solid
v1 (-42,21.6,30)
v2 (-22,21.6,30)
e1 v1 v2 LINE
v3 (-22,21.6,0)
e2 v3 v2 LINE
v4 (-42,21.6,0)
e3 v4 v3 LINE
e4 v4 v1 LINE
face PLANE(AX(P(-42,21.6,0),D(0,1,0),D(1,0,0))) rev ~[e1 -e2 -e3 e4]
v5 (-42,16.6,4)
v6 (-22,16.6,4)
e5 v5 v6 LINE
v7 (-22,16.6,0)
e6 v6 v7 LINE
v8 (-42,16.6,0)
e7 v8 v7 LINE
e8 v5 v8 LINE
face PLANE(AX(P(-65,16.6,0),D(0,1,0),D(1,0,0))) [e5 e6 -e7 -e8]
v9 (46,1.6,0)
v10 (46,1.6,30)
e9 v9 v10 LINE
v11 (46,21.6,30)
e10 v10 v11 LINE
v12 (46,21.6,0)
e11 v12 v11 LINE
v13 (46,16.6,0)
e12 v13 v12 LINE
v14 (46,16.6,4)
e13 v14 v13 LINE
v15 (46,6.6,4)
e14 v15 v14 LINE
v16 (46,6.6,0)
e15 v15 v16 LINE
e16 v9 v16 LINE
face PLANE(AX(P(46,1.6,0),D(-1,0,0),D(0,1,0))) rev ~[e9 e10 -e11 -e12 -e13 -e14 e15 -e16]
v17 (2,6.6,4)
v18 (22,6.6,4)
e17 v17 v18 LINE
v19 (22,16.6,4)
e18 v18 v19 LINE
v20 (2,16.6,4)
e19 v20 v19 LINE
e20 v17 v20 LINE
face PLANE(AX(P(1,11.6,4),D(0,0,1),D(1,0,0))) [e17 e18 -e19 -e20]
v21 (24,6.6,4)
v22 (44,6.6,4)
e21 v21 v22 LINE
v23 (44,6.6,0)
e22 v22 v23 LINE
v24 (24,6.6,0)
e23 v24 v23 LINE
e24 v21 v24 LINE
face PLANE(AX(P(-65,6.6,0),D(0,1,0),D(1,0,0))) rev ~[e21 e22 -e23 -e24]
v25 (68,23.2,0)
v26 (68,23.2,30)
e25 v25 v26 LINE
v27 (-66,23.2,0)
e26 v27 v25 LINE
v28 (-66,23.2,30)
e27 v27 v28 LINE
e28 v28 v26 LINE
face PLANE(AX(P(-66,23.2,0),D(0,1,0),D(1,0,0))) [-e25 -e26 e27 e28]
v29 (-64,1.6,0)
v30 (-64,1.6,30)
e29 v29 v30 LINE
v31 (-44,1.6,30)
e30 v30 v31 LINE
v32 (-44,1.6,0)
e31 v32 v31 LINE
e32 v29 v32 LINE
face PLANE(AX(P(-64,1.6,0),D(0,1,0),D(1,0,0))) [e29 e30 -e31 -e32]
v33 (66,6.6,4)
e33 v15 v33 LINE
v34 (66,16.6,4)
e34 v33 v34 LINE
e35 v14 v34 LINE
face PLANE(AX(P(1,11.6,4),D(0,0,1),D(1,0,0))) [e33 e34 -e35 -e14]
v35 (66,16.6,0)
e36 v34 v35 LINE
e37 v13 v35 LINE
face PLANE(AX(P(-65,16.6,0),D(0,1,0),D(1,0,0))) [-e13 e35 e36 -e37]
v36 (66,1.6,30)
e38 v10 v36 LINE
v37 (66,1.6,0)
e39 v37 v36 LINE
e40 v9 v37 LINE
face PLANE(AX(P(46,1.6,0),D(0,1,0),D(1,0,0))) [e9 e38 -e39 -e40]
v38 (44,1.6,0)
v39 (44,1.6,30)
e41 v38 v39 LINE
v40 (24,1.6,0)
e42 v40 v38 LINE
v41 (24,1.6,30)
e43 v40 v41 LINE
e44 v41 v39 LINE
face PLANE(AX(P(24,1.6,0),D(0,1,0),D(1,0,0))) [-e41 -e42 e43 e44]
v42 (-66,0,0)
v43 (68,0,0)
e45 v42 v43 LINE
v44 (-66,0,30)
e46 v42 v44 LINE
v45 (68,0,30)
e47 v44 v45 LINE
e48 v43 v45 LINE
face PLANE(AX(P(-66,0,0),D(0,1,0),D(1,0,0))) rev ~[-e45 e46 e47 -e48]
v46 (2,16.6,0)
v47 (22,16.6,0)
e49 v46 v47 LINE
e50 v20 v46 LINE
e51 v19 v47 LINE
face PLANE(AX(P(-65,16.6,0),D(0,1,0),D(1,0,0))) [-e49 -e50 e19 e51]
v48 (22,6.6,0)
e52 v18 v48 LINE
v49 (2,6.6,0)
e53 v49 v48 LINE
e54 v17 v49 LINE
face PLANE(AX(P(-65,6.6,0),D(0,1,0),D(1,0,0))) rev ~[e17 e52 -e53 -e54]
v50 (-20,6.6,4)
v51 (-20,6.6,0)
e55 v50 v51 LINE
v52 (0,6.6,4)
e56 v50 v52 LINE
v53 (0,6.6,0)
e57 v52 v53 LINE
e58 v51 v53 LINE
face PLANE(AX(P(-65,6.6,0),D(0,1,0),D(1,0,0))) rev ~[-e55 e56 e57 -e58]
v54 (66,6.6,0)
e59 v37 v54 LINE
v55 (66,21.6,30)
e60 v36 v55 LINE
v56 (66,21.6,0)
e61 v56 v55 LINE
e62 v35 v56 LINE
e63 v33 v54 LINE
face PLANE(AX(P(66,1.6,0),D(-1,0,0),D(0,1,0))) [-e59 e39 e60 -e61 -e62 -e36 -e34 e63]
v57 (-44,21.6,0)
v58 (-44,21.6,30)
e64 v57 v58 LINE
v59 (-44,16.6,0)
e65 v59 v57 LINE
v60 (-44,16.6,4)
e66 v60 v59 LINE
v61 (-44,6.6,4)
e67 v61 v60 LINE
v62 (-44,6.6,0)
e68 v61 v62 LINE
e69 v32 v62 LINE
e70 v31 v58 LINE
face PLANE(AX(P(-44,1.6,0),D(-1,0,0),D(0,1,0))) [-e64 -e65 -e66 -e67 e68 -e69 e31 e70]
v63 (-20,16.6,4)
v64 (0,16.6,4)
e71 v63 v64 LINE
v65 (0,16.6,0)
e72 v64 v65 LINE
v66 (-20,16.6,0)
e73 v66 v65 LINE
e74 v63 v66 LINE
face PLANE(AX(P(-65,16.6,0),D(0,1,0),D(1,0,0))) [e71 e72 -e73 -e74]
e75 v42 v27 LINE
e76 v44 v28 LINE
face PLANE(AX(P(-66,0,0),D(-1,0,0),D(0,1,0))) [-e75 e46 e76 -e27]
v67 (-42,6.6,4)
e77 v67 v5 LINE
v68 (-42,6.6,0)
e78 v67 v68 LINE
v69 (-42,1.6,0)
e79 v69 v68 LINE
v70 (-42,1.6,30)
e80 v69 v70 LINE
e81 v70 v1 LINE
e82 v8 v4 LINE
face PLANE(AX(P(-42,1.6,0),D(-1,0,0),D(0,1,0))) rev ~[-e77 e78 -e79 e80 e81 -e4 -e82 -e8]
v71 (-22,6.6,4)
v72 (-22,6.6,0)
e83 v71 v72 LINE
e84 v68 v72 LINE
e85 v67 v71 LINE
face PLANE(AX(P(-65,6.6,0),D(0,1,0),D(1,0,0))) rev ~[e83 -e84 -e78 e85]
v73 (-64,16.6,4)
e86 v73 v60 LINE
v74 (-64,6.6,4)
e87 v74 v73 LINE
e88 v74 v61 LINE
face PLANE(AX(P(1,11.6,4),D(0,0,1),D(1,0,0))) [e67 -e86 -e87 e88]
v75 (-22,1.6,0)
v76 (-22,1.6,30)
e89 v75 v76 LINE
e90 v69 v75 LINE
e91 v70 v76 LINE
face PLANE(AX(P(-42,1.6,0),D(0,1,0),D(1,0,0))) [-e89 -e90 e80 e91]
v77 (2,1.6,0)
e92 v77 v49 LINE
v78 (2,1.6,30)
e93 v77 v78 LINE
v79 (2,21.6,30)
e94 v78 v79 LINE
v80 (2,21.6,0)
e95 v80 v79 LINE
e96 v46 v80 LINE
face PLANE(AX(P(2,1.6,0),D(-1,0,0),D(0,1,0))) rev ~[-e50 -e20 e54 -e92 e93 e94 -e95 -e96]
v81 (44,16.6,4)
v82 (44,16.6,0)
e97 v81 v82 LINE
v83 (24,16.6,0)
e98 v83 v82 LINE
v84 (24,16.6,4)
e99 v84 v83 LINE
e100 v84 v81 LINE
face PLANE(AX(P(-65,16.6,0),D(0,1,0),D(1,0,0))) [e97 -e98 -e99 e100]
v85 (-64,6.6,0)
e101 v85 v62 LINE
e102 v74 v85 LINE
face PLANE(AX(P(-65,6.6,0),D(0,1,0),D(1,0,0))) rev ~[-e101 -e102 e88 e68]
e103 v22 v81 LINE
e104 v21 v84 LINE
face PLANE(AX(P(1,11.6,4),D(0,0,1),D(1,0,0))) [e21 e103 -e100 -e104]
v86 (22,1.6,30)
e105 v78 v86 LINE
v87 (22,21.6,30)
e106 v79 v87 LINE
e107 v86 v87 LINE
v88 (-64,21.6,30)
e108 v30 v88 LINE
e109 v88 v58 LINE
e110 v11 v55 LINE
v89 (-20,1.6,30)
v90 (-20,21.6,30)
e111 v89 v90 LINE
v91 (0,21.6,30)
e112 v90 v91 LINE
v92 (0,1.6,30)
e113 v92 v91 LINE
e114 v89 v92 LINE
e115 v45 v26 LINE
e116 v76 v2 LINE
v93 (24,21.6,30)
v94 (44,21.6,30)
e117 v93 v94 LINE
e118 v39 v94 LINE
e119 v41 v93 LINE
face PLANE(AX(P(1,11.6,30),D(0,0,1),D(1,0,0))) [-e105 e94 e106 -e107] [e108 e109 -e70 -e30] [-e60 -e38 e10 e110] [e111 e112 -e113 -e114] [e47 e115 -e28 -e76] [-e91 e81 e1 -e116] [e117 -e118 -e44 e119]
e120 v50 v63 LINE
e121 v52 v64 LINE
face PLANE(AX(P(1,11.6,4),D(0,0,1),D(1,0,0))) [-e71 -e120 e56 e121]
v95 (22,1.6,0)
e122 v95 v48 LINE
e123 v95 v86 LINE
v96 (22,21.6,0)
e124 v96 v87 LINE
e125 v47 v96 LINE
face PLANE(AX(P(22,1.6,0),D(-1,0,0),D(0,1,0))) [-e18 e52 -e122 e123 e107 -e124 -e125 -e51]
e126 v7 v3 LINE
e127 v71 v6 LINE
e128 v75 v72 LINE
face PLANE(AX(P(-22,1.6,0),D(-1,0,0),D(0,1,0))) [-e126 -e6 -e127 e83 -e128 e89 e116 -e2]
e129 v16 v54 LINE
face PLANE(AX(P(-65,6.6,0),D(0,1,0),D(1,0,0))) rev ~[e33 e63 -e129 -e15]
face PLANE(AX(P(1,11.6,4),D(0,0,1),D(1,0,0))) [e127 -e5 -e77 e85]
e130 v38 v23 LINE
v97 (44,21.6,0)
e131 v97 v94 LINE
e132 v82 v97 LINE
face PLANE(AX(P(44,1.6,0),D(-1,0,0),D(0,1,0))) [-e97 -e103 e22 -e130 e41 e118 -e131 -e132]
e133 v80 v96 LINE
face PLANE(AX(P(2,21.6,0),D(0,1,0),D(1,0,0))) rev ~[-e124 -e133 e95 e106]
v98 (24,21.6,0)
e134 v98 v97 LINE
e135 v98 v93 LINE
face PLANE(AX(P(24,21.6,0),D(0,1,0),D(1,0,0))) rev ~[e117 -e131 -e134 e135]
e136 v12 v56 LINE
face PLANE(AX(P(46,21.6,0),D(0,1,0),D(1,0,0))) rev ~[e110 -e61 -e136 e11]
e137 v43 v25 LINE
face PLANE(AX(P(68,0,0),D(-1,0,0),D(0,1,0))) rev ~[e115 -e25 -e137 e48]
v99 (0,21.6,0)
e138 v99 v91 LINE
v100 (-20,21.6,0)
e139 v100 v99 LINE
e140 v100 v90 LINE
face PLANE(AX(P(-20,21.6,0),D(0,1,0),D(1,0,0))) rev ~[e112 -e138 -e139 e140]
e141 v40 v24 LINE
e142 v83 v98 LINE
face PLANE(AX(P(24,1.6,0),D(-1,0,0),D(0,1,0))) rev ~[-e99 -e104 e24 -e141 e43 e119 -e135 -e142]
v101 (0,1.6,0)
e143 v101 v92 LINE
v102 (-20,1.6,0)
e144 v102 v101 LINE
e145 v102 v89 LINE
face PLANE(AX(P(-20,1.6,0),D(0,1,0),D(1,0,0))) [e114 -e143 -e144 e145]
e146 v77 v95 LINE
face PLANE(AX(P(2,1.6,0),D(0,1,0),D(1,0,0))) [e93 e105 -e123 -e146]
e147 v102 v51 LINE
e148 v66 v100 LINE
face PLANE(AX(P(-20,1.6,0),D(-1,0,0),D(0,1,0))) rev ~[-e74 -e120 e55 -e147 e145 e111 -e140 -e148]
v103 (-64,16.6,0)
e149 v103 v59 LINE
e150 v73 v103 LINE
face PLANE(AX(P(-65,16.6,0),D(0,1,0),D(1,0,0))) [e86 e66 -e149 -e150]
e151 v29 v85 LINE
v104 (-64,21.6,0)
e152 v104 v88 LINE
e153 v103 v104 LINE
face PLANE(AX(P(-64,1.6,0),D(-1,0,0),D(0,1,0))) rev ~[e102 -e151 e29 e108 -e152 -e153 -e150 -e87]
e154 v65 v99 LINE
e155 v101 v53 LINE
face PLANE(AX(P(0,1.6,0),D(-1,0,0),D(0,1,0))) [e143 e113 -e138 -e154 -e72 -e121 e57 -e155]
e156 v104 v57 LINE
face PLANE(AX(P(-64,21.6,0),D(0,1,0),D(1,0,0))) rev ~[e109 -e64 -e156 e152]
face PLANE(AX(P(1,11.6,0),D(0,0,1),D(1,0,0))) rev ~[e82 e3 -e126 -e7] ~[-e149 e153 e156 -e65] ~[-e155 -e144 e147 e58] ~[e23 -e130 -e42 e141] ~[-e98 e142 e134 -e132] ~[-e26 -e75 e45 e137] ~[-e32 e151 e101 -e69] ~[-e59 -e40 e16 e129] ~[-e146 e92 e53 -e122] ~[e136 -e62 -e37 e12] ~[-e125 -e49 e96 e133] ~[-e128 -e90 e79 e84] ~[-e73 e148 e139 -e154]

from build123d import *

# Parameters (mm, degrees)
F0_W     = 134
F0_H     = 23.2
F0_W_2   = 20
F0_H_2   = 20
F1_DEPTH = 30
F2_W     = 132
F2_H     = 10
F3_DEPTH = 4


with BuildPart() as f1:
    # F0 (on Top) → F1 (new body)
    with BuildSketch(Plane.XY):
        with Locations((1, 11.6)):
            Rectangle(F0_W, F0_H)
        with Locations((-54, 11.6)):
            Rectangle(F0_W_2, F0_H_2, mode=Mode.SUBTRACT)
        with Locations((-32, 11.6)):
            Rectangle(F0_W_2, F0_H_2, mode=Mode.SUBTRACT)
        with Locations((-10, 11.6)):
            Rectangle(F0_W_2, F0_H_2, mode=Mode.SUBTRACT)
        with Locations((12, 11.6)):
            Rectangle(F0_W_2, F0_H_2, mode=Mode.SUBTRACT)
        with Locations((34, 11.6)):
            Rectangle(F0_W_2, F0_H_2, mode=Mode.SUBTRACT)
        with Locations((56, 11.6)):
            Rectangle(F0_W_2, F0_H_2, mode=Mode.SUBTRACT)
    extrude(amount=F1_DEPTH)

    # F2 (on Top) → F3 (join)
    with BuildSketch(Plane.XY):
        with Locations((1, 11.6)):
            Rectangle(F2_W, F2_H)
    extrude(amount=F3_DEPTH)


solid = f1.part
